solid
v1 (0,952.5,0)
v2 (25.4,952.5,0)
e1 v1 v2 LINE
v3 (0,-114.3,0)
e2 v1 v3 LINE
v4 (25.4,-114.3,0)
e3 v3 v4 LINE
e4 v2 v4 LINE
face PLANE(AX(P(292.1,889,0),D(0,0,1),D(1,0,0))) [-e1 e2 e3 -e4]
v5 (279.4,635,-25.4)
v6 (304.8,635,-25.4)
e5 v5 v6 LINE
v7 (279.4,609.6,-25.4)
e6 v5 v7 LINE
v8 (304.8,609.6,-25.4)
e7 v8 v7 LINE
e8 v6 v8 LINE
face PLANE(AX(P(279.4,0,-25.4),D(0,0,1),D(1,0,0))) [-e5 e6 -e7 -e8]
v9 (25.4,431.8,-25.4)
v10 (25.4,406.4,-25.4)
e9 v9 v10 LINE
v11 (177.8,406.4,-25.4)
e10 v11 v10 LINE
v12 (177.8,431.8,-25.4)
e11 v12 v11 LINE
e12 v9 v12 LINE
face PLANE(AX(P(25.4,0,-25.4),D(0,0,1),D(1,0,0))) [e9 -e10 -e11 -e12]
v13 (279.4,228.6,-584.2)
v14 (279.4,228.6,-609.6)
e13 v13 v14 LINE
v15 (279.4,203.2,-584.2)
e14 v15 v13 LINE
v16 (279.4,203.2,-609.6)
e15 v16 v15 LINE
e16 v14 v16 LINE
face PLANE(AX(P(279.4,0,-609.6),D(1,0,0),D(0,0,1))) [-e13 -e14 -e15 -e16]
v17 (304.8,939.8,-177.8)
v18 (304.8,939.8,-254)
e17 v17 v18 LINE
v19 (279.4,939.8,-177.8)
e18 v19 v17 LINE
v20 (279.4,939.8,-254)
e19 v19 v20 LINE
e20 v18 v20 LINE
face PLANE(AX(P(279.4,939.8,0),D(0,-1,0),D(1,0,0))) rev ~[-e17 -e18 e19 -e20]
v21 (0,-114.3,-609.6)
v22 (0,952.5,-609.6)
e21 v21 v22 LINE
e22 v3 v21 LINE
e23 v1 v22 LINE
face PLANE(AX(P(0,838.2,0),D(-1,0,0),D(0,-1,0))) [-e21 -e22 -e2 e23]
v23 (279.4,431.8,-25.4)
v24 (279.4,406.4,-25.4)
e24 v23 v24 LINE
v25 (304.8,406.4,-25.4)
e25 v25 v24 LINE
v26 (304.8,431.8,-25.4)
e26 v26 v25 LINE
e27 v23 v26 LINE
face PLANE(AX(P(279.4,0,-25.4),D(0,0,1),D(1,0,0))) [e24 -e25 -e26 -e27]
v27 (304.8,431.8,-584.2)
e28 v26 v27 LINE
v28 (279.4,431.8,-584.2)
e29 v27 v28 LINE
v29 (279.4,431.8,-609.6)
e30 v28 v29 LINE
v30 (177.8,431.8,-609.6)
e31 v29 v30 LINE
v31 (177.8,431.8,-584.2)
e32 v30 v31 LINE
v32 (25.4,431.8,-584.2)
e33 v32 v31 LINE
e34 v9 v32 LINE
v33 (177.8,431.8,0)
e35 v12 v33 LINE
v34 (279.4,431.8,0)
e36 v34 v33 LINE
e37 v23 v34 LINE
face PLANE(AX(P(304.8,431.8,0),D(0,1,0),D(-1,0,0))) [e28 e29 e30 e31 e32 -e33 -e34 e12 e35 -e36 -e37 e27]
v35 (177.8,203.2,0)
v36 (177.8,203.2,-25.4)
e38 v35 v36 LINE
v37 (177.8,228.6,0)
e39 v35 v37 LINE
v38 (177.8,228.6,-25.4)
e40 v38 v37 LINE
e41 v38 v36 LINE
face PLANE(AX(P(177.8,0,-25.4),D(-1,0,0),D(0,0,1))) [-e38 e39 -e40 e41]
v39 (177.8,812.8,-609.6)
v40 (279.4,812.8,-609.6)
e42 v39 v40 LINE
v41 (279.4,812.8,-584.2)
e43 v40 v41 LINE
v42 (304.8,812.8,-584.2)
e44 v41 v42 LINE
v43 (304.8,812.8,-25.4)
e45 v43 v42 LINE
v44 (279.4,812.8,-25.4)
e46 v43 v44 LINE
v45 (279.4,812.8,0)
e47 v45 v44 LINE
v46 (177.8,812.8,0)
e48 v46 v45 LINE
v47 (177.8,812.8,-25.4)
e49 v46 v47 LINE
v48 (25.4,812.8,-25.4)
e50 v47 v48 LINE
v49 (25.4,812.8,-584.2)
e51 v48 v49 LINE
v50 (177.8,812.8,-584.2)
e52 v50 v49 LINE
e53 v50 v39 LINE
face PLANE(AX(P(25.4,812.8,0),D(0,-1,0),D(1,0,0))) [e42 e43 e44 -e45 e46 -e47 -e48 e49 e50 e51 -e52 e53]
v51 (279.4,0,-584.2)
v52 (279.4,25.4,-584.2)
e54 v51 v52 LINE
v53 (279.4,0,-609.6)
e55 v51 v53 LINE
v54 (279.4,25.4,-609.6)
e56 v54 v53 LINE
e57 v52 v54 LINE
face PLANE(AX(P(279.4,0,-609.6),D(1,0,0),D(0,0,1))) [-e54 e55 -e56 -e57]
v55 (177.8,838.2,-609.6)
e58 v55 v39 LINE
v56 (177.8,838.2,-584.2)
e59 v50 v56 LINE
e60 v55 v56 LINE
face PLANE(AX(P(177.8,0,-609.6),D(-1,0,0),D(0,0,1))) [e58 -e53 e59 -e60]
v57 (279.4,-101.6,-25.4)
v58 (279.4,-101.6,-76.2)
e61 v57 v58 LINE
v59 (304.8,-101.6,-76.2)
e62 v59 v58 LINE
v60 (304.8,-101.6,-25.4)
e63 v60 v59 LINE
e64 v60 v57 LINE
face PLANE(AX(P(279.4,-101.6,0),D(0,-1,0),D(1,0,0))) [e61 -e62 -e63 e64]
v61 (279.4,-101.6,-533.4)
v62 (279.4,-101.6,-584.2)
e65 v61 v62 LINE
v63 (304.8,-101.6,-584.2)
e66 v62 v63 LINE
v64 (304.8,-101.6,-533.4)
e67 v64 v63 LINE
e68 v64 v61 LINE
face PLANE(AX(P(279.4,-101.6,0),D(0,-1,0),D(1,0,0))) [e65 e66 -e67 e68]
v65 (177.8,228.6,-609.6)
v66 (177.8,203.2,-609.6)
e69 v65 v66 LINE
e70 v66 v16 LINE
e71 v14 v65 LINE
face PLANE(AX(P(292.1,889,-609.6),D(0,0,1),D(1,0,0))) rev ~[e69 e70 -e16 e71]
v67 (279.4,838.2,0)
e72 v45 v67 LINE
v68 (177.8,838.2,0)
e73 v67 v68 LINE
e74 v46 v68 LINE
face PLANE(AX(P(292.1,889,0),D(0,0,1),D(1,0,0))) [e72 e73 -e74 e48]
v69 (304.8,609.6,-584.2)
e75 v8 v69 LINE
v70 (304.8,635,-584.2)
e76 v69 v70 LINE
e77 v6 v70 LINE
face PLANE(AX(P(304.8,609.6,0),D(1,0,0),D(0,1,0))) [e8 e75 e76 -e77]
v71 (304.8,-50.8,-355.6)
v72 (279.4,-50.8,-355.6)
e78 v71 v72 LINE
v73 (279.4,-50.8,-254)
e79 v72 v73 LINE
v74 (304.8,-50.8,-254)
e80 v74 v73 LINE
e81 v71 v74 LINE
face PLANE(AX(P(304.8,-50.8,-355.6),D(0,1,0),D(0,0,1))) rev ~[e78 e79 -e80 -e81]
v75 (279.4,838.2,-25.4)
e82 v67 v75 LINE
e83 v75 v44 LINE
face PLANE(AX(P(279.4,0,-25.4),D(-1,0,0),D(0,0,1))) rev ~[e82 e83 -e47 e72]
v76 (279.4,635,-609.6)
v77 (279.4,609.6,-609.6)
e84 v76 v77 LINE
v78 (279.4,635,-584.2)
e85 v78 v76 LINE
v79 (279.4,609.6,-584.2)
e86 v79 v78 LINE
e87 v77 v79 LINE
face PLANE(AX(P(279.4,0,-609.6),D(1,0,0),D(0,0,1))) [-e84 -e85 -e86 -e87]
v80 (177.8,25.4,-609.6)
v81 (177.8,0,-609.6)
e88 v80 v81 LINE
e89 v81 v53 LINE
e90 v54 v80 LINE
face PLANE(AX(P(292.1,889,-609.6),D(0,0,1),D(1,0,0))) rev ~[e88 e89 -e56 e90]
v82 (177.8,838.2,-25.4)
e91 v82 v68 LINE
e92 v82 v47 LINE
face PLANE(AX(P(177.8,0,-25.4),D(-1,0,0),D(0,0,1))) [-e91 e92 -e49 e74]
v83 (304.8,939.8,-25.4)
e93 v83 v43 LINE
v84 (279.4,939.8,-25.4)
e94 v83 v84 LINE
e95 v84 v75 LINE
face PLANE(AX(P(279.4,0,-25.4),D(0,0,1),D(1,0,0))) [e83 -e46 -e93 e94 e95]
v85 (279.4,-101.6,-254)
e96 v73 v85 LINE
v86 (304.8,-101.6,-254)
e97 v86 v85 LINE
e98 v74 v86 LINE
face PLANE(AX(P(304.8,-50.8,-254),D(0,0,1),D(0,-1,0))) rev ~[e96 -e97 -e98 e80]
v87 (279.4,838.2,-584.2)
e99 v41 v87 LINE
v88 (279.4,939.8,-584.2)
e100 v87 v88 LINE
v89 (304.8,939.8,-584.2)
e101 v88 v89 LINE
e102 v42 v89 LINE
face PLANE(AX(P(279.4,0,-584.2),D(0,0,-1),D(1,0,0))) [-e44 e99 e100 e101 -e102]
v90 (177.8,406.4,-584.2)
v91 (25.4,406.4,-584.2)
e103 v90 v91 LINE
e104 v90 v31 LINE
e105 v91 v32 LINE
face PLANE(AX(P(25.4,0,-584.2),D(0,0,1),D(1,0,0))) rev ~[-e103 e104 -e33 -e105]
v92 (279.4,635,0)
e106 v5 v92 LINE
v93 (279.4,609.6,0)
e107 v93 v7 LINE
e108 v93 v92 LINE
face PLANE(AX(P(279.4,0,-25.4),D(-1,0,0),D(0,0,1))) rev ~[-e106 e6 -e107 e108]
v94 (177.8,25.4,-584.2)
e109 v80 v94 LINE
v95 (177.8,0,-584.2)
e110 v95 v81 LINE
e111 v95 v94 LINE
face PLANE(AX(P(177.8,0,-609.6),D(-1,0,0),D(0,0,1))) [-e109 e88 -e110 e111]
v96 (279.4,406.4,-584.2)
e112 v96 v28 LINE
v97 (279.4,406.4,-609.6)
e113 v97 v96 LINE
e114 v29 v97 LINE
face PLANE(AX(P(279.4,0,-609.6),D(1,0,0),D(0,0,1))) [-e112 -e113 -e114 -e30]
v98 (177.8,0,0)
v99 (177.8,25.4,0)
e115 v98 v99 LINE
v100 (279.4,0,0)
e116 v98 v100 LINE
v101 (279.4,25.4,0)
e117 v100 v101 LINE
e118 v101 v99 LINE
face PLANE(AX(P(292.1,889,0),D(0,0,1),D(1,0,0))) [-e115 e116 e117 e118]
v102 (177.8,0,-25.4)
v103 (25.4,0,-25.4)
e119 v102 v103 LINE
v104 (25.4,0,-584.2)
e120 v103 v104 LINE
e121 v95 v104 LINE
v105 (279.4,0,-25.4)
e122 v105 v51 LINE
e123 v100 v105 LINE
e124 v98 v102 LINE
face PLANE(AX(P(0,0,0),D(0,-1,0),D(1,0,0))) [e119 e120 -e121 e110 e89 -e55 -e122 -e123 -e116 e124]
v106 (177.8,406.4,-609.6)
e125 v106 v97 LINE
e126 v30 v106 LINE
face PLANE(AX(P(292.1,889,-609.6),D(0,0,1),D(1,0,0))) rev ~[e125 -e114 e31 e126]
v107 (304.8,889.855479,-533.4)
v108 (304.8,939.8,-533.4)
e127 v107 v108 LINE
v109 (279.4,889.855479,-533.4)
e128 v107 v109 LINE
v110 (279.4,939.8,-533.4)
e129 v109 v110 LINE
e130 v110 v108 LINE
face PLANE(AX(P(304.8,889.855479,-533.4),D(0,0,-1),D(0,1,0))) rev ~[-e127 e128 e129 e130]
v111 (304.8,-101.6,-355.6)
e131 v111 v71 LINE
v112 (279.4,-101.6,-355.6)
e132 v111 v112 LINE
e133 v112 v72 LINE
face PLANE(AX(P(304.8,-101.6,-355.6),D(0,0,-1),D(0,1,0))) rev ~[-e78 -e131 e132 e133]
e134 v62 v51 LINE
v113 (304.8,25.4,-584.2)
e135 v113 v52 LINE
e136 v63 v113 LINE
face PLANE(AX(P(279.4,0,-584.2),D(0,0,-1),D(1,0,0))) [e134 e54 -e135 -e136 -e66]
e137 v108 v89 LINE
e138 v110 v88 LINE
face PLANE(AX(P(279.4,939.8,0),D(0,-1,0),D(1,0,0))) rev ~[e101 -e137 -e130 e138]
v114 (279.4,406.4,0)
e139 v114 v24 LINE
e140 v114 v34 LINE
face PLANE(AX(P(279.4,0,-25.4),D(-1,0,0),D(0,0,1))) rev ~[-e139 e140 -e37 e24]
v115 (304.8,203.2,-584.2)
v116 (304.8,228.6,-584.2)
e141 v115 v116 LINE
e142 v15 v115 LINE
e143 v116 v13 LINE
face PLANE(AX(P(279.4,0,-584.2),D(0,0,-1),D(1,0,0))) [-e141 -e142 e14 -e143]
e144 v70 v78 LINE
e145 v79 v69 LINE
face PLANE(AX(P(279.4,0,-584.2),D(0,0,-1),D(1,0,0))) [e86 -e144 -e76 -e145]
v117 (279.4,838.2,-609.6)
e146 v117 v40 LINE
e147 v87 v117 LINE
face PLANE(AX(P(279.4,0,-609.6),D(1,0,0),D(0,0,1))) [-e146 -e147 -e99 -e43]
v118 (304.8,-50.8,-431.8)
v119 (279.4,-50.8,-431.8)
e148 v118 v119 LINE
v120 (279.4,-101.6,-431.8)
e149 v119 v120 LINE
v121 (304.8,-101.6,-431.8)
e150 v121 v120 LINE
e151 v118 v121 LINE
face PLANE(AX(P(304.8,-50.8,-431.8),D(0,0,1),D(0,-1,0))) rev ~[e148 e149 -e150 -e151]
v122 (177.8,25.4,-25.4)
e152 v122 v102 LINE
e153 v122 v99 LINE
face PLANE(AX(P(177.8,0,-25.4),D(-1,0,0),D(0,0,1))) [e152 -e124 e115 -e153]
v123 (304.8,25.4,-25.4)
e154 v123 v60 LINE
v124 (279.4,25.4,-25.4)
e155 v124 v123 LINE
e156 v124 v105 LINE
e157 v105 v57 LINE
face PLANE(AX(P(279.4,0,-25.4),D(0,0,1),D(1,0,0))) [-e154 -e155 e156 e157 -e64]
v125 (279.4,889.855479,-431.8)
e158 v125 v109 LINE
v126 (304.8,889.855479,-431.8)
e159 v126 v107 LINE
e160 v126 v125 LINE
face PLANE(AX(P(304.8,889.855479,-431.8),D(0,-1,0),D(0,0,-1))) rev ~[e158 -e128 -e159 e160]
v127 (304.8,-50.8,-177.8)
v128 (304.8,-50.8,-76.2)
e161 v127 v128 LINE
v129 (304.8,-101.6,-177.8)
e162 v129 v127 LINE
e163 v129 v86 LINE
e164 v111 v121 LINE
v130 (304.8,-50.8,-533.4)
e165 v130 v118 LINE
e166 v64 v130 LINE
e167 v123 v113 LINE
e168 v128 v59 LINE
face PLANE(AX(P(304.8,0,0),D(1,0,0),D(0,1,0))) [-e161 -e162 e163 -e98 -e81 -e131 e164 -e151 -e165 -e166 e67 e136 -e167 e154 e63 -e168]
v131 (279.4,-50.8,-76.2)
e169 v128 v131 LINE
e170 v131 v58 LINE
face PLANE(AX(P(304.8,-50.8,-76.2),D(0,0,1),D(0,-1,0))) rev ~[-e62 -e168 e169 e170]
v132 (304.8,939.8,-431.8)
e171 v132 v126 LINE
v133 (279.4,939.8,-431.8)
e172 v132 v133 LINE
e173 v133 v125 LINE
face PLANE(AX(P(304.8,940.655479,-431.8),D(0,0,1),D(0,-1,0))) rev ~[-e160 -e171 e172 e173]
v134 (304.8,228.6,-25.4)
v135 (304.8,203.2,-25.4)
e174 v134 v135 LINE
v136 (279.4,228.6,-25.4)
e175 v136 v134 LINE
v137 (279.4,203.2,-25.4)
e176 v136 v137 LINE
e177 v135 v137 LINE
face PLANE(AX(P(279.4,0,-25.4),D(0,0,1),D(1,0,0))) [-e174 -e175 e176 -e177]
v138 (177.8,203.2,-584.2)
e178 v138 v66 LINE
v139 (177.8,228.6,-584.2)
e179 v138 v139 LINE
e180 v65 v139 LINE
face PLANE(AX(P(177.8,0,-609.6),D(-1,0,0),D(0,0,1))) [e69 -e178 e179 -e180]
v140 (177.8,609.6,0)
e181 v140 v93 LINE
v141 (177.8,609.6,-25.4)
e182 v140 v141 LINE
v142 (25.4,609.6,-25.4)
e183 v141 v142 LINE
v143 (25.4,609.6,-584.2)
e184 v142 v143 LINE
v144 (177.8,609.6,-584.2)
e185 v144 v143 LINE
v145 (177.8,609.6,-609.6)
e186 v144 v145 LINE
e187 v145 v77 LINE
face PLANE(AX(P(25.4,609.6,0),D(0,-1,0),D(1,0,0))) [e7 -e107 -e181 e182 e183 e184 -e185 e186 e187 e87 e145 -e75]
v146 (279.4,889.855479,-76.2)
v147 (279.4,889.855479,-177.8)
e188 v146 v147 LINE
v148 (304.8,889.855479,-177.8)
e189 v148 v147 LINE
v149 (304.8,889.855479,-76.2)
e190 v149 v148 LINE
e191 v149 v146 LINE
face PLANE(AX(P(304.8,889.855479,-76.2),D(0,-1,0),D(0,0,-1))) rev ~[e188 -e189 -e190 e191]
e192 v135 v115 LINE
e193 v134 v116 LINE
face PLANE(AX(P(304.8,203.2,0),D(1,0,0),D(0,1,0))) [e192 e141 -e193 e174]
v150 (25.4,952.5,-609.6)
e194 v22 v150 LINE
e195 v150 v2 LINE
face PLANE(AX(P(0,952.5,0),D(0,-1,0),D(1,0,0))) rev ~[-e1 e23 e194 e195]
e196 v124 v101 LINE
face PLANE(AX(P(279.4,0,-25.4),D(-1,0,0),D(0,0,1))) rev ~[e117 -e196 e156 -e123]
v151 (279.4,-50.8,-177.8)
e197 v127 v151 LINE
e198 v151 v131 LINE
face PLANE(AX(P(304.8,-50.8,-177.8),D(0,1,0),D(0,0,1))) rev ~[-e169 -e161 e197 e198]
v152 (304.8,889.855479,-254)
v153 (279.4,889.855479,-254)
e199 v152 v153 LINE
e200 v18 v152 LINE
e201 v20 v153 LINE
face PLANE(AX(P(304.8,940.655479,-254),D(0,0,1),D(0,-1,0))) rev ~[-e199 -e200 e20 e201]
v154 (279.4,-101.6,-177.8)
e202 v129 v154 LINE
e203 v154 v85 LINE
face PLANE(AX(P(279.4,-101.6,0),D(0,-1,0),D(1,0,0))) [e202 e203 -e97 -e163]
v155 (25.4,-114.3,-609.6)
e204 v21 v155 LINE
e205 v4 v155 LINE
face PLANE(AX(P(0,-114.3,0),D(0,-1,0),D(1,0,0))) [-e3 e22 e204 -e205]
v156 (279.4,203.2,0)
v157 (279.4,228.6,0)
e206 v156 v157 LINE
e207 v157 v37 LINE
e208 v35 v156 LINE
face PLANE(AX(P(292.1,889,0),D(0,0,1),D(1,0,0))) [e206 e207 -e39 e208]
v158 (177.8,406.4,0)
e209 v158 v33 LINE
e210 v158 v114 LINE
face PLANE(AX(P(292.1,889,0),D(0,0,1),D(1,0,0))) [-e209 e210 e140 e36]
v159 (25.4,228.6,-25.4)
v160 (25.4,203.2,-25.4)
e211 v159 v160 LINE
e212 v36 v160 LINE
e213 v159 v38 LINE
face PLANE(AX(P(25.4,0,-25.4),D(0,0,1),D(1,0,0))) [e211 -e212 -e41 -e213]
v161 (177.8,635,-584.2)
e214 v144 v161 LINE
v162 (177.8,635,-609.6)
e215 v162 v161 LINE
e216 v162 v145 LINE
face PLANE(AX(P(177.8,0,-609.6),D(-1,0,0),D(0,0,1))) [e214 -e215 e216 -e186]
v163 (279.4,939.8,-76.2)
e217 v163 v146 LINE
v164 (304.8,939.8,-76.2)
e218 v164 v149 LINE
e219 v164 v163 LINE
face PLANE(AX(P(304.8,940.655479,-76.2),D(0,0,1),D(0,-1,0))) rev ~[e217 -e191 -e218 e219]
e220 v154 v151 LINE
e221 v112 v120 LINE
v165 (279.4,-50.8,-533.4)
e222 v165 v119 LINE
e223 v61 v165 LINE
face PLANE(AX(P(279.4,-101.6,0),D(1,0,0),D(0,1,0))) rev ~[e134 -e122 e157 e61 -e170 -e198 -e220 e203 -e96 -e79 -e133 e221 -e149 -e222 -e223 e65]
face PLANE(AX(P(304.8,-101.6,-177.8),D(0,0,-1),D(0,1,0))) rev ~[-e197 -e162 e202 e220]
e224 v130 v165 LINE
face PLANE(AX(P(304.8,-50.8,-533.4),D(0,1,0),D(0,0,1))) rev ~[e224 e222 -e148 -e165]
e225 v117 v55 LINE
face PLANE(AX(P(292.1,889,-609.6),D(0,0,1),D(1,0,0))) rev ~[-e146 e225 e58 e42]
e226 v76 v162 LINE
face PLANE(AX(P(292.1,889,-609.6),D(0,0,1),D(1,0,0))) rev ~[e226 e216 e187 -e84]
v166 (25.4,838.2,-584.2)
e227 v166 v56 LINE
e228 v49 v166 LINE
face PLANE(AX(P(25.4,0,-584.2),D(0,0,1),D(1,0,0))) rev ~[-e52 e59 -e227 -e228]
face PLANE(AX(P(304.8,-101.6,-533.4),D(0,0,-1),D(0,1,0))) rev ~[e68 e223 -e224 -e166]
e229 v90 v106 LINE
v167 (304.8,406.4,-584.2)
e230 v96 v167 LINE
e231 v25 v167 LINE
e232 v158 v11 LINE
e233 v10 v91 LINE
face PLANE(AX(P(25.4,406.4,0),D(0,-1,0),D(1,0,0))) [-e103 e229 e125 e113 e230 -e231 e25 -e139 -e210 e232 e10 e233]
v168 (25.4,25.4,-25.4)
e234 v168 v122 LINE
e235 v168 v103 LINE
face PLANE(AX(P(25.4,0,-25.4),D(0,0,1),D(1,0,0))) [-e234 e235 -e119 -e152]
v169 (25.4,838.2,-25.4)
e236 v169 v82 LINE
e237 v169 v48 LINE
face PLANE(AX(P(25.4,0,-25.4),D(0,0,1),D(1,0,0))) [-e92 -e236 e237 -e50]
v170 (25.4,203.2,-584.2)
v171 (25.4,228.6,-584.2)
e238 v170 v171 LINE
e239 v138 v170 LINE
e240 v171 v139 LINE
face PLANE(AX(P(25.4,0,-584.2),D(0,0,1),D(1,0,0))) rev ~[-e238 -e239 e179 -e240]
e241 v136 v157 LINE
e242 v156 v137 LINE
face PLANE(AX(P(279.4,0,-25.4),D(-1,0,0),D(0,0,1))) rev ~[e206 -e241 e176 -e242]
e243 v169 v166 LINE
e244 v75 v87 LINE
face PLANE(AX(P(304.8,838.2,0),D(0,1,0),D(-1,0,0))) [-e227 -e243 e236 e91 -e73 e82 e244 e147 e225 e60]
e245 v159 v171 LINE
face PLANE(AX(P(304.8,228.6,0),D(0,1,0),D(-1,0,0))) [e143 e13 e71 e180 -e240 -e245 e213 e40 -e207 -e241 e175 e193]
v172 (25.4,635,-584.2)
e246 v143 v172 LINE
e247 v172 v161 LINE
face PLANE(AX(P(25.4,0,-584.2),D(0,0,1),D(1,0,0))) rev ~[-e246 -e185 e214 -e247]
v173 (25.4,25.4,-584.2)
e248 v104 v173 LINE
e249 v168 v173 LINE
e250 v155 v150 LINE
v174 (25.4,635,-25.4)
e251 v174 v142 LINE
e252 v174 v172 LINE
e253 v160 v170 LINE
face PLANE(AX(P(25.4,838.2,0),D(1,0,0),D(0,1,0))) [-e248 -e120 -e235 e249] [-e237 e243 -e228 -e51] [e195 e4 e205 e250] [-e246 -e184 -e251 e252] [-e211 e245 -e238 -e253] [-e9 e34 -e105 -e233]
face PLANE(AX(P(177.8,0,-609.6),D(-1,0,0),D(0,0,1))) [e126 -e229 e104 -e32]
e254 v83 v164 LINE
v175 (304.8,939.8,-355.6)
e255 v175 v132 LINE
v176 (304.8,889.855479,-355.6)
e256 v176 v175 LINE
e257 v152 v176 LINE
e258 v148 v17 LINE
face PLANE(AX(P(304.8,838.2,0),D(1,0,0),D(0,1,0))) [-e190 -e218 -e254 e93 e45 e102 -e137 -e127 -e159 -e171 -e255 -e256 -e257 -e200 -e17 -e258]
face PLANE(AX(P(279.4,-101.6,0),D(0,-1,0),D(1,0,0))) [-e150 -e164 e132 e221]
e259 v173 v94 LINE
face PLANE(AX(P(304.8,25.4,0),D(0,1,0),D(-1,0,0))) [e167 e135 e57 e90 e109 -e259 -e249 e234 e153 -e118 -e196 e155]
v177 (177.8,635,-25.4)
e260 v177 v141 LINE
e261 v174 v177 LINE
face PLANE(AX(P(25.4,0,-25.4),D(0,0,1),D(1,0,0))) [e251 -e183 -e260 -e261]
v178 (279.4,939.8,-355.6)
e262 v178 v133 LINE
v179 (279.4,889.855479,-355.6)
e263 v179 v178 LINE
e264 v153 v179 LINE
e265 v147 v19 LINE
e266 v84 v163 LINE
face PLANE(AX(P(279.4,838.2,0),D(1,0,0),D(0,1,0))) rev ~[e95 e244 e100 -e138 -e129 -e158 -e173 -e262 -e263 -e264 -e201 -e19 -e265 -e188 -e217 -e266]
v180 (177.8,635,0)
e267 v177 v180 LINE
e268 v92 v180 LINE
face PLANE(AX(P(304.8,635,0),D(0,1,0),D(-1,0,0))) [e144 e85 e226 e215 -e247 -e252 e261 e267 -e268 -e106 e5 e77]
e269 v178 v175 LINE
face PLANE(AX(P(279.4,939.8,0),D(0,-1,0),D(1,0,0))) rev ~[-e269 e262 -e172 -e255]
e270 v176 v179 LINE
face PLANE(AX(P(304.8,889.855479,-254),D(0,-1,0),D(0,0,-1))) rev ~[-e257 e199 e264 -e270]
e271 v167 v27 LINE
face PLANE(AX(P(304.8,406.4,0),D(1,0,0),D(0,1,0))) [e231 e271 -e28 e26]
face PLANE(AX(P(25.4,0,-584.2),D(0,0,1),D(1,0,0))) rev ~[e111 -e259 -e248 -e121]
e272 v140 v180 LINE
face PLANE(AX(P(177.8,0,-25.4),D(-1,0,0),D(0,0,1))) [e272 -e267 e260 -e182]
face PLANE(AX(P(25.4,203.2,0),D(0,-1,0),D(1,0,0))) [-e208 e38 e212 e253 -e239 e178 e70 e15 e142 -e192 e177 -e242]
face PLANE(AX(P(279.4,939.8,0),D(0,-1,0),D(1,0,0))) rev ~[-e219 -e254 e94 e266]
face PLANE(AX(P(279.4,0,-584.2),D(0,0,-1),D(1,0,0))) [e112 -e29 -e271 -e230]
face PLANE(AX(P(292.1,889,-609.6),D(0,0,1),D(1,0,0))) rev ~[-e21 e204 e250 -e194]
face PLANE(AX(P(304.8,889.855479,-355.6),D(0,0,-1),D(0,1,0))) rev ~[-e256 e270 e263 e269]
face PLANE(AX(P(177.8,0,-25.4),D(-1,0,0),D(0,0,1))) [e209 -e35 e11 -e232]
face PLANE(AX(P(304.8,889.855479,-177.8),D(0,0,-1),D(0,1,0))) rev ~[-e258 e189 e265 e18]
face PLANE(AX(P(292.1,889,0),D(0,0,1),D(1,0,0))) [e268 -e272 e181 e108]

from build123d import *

# Parameters (mm, degrees)
F1_DEPTH = 609.6
F2_W     = 25.4
F2_H     = 101.6
F2_H_2   = 114.3
F3_DEPTH = 609.6
F4_W     = 152.4
F4_H     = 25.4
F4_W_2   = 25.4
F5_DEPTH = 1016
F7_DEPTH = 25.4
F8_DEPTH = 25.4


with BuildPart() as f1:
    # F0 (on Top) → F1 (new body)
    with BuildSketch(Plane.XY):
        Polygon((304.8, 838.2), (0, 838.2), (0, 419.1), (0, 0), (304.8, 0), (304.8, 25.4), (25.4, 25.4), (25.4, 203.2), (304.8, 203.2), (304.8, 215.9), (304.8, 228.6), (25.4, 228.6), (25.4, 406.4), (304.8, 406.4), (304.8, 419.1), (304.8, 431.8), (25.4, 431.8), (25.4, 609.6), (304.8, 609.6), (304.8, 622.3), (304.8, 635), (25.4, 635), (25.4, 812.8), (304.8, 812.8), align=None)
    extrude(amount=-F1_DEPTH)

    # F2 (on face) → F3 (join)
    with BuildSketch(Plane.XY):
        with Locations((292.1, 889)):
            Rectangle(F2_W, F2_H)
        with Locations((12.7, 895.35)):
            Rectangle(F2_W, F2_H_2)
        with Locations((12.7, -57.15)):
            Rectangle(F2_W, F2_H_2)
        with Locations((292.1, -50.8)):
            Rectangle(F2_W, F2_H)
    extrude(amount=-F3_DEPTH)

    # F4 (on Front) → F5 (cut, symmetric)
    with BuildSketch(Plane.XZ):
        with Locations((101.6, -12.7)):
            Rectangle(F4_W, F4_H)
        with Locations((292.1, -12.7)):
            Rectangle(F4_W_2, F4_H)
        with Locations((101.6, -596.9)):
            Rectangle(F4_W, F4_H)
        with Locations((292.1, -596.9)):
            Rectangle(F4_W_2, F4_H)
    extrude(amount=F5_DEPTH, both=True, mode=Mode.SUBTRACT)

    # F6 (on face) → F7 (cut, through all)
    with BuildSketch(Plane.YZ.offset(304.8)):
        Polygon((-101.6, -254), (-101.6, -304.8), (-101.6, -355.6), (-50.8, -355.6), (-50.8, -304.8), (-50.8, -254), align=None)
        Polygon((-50.8, -127), (-50.8, -76.2), (-101.6, -76.2), (-101.6, -127), (-101.6, -177.8), (-50.8, -177.8), align=None)
        Polygon((-101.6, -533.4), (-50.8, -533.4), (-50.8, -482.6), (-50.8, -431.8), (-101.6, -431.8), (-101.6, -482.6), align=None)
        Polygon((889.8554785728, -355.6), (940.6554785728, -355.6), (940.6554785728, -304.8), (940.6554785728, -254), (889.8554785728, -254), (889.8554785728, -304.8), align=None)
        Polygon((940.6554785728, -533.4), (940.6554785728, -482.6), (940.6554785728, -431.8), (889.8554785728, -431.8), (889.8554785728, -482.6), (889.8554785728, -533.4), align=None)
        Polygon((889.8554785728, -177.8), (940.6554785728, -177.8), (940.6554785728, -127), (940.6554785728, -76.2), (889.8554785728, -76.2), (889.8554785728, -127), align=None)
    extrude(amount=-F7_DEPTH, mode=Mode.SUBTRACT)

    # F6 (on face) → F8 (cut)
    with BuildSketch(Plane.YZ.offset(304.8)):
        Polygon((-101.6, -254), (-101.6, -304.8), (-101.6, -355.6), (-50.8, -355.6), (-50.8, -304.8), (-50.8, -254), align=None)
        Polygon((-50.8, -127), (-50.8, -76.2), (-101.6, -76.2), (-101.6, -127), (-101.6, -177.8), (-50.8, -177.8), align=None)
        Polygon((-101.6, -533.4), (-50.8, -533.4), (-50.8, -482.6), (-50.8, -431.8), (-101.6, -431.8), (-101.6, -482.6), align=None)
        Polygon((889.8554785728, -355.6), (940.6554785728, -355.6), (940.6554785728, -304.8), (940.6554785728, -254), (889.8554785728, -254), (889.8554785728, -304.8), align=None)
        Polygon((940.6554785728, -533.4), (940.6554785728, -482.6), (940.6554785728, -431.8), (889.8554785728, -431.8), (889.8554785728, -482.6), (889.8554785728, -533.4), align=None)
        Polygon((889.8554785728, -177.8), (940.6554785728, -177.8), (940.6554785728, -127), (940.6554785728, -76.2), (889.8554785728, -76.2), (889.8554785728, -127), align=None)
    extrude(amount=-F8_DEPTH, mode=Mode.SUBTRACT)


solid = f1.part
